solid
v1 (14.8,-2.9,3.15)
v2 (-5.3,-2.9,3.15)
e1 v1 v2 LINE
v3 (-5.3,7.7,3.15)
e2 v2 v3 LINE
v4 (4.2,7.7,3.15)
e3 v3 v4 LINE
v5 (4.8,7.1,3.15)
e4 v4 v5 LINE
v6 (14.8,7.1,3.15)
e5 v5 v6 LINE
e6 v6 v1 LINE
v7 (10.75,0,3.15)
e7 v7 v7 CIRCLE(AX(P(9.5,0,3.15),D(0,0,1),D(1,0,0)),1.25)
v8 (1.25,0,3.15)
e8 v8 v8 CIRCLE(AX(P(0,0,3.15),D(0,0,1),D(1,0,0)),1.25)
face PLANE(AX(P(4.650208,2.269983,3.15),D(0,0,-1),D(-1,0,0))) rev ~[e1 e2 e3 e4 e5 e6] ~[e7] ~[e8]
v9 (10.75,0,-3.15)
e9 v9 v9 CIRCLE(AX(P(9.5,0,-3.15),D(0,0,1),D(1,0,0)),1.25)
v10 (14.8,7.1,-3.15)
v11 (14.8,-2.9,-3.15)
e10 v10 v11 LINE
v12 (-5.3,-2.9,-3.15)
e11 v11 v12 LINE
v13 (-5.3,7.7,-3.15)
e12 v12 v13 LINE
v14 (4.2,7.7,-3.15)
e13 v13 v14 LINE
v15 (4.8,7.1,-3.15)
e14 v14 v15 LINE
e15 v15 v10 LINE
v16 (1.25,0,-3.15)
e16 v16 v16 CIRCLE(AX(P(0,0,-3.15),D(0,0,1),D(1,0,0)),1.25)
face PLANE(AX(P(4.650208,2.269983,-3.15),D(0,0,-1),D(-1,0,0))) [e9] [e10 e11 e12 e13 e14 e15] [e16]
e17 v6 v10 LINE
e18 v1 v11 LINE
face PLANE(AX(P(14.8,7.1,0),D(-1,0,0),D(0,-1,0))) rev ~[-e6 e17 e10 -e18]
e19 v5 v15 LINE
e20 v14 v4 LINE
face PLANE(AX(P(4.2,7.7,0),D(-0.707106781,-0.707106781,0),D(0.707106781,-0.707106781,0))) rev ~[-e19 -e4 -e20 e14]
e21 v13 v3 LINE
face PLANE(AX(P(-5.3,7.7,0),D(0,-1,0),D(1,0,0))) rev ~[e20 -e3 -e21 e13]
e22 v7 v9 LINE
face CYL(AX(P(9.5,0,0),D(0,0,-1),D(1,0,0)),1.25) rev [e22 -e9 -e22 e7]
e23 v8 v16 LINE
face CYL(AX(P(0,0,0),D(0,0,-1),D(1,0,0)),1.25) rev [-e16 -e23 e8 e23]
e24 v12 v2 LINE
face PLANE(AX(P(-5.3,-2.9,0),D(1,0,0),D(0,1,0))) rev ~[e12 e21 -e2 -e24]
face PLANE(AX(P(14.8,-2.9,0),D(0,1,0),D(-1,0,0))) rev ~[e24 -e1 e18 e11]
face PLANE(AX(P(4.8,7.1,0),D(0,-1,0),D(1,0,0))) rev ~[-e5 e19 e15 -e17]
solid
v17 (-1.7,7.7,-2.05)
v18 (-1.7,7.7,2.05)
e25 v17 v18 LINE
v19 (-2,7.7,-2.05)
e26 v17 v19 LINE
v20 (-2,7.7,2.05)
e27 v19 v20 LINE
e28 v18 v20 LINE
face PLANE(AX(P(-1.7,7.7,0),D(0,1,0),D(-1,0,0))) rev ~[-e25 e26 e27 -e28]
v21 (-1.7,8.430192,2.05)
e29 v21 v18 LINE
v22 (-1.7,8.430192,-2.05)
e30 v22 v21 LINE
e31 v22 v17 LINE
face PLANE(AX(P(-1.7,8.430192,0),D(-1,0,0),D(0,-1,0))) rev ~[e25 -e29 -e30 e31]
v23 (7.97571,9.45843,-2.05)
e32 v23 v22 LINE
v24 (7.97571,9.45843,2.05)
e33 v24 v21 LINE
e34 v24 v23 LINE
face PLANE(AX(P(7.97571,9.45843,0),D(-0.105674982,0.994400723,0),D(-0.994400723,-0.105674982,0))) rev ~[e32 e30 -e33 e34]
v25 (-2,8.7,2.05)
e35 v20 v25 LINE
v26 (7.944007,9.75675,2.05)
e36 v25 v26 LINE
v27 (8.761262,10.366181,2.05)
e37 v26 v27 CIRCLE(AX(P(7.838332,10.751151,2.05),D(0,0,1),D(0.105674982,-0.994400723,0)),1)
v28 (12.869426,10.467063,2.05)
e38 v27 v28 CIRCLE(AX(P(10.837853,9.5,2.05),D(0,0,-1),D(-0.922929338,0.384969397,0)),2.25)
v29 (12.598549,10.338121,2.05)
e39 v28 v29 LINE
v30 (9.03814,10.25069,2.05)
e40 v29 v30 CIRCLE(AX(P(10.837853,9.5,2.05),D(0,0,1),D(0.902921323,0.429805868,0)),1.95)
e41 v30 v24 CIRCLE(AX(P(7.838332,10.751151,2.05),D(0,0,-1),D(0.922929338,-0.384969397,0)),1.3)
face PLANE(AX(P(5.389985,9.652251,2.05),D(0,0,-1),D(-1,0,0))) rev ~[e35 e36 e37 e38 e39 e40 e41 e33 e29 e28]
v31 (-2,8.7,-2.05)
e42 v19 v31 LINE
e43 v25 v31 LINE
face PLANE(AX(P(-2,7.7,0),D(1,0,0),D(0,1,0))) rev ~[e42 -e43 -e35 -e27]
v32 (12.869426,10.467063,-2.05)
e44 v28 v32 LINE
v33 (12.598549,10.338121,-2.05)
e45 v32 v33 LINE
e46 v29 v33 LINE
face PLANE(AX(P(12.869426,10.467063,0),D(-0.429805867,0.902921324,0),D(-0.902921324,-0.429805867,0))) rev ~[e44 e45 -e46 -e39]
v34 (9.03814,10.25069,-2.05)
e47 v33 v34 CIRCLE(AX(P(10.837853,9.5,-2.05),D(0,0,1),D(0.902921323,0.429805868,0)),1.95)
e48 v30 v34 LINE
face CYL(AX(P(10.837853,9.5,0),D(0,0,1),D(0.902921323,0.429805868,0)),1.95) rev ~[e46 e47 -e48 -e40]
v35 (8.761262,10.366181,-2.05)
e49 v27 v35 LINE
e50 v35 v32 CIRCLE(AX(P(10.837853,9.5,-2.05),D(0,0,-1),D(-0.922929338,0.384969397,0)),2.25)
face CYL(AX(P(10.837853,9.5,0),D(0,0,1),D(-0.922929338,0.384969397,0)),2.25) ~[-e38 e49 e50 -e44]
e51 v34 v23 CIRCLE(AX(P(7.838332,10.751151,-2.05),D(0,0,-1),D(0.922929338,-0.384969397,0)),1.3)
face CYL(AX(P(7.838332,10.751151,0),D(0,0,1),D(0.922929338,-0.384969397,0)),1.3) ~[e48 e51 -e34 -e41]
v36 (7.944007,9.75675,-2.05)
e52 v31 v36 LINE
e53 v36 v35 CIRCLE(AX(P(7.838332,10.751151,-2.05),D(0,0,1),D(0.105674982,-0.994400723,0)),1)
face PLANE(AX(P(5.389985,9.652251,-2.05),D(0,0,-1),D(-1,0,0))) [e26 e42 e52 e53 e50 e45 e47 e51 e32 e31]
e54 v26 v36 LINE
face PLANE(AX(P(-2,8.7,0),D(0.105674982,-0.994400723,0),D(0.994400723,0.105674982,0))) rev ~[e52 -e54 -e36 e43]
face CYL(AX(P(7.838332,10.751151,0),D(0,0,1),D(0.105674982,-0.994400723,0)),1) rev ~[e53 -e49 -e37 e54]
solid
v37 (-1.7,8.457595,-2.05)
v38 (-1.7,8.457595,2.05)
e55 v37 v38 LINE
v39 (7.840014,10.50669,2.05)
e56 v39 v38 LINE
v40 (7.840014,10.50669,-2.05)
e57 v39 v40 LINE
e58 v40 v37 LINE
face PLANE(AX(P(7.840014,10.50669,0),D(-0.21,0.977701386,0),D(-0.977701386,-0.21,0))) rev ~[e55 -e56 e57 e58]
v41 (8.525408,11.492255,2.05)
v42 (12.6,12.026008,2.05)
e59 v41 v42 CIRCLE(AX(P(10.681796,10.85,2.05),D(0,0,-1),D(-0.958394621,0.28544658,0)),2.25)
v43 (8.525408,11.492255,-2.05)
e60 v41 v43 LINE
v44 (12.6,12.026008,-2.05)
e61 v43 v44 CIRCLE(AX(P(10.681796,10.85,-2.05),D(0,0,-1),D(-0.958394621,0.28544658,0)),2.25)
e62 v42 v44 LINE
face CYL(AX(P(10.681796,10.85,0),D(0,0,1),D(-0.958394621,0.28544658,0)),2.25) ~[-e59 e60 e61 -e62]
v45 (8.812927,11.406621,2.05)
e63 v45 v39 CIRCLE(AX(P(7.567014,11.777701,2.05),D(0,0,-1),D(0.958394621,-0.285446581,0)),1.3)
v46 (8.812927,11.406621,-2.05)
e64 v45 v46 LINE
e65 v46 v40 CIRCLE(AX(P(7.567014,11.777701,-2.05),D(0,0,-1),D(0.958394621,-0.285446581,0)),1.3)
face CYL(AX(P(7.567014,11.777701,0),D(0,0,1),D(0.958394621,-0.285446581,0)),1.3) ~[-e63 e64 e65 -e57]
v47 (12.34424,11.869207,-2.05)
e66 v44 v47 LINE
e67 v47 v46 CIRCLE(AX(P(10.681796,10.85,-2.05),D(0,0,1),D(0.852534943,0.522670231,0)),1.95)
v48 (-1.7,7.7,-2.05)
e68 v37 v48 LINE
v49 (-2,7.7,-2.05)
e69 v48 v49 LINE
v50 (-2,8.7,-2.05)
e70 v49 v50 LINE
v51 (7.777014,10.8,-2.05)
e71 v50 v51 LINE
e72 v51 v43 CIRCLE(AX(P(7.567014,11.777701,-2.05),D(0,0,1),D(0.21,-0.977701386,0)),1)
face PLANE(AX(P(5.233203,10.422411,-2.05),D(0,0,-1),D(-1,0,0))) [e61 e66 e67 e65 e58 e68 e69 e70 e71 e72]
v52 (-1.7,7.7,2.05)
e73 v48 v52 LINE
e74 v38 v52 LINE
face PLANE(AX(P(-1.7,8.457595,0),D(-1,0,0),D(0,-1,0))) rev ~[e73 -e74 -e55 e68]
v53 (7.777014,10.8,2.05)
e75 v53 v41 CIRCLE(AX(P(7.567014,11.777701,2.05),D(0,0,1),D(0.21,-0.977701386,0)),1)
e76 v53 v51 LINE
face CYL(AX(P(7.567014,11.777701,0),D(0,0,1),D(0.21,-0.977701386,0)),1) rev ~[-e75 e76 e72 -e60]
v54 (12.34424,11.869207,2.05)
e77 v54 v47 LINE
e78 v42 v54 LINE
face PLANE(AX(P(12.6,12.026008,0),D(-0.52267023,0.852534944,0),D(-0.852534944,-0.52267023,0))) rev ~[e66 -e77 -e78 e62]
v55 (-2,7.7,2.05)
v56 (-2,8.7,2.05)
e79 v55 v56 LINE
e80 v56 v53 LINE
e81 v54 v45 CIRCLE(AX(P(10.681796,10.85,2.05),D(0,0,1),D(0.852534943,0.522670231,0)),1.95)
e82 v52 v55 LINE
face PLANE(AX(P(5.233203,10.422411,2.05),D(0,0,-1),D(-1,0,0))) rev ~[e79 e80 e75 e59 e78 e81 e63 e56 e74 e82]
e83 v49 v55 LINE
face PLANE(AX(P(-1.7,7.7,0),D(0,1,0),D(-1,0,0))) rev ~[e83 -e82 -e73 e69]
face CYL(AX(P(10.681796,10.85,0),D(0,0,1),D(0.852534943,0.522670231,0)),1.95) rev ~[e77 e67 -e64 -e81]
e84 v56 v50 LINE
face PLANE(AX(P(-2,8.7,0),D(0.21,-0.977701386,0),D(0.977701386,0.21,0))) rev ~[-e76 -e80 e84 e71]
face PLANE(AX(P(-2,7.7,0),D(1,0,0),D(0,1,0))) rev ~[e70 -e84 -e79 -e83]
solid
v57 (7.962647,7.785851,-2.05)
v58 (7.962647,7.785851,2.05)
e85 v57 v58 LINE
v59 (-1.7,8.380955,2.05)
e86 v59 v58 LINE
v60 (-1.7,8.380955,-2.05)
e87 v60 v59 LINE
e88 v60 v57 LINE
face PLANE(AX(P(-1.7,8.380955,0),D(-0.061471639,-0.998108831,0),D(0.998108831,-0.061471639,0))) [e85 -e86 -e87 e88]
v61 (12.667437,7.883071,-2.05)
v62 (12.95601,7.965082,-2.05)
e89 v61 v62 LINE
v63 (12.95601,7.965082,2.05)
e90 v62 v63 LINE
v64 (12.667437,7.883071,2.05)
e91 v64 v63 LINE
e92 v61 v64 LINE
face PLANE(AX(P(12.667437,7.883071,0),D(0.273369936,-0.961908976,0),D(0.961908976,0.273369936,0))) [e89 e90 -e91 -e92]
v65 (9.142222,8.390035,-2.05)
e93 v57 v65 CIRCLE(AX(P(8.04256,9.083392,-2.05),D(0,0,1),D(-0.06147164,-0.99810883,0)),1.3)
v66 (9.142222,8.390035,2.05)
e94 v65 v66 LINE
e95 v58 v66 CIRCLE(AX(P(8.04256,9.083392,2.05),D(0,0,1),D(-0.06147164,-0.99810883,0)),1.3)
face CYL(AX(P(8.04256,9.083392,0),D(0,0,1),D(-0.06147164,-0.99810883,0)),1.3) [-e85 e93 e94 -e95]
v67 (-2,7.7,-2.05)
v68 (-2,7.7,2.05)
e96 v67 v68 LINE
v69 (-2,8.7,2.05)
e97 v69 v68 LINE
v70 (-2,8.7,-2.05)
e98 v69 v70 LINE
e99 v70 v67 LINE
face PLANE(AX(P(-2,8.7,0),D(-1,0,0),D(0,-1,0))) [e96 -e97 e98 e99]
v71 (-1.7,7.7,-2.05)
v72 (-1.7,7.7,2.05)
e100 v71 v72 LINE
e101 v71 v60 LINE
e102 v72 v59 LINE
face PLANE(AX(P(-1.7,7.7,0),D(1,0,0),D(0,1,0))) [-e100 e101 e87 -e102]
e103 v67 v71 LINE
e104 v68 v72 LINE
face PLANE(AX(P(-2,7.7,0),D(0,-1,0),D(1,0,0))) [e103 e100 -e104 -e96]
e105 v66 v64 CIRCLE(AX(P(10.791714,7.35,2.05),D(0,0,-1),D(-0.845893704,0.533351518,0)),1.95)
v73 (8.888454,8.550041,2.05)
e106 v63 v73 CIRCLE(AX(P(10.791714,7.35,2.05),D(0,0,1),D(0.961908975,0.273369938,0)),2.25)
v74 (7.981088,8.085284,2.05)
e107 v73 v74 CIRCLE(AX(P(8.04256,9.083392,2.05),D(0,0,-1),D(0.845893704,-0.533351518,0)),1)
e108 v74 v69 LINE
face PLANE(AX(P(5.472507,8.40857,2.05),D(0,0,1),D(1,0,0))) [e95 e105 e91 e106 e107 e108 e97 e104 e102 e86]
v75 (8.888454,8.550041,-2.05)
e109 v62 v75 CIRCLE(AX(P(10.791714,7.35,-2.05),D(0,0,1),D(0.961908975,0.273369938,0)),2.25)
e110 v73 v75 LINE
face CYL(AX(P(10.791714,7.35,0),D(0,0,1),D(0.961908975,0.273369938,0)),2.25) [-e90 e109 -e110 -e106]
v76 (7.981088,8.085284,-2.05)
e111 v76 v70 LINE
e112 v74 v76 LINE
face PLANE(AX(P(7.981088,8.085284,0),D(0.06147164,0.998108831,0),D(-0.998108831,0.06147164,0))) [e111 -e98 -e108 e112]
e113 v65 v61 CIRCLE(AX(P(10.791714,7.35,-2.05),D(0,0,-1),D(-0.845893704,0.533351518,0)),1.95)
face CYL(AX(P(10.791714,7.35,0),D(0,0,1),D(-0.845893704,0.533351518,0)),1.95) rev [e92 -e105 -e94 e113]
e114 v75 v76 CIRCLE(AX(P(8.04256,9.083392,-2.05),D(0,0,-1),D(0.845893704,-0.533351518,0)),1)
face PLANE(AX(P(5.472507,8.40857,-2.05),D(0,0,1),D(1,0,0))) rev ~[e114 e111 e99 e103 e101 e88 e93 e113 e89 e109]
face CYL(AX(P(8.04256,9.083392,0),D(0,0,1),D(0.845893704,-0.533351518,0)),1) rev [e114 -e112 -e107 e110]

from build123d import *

# Parameters (mm, degrees)
SKETCH1_R           = 1.25
BOSS_EXTRUDE1_DEPTH = 3.15
BOSS_EXTRUDE2_DEPTH = 2.05
BOSS_EXTRUDE3_DEPTH = 2.05
BOSS_EXTRUDE4_DEPTH = 2.05


with BuildPart() as part:
    # Sketch1 → Boss-Extrude1 (new body, symmetric)
    with BuildSketch(Plane.XY):
        Polygon((4.2, 7.7), (4.8, 7.1), (14.8, 7.1), (14.8, -2.9), (-5.3, -2.9), (-5.3, 7.7), align=None)
        Circle(SKETCH1_R, mode=Mode.SUBTRACT)
        with Locations((9.5, 0)):
            Circle(SKETCH1_R, mode=Mode.SUBTRACT)
    extrude(amount=BOSS_EXTRUDE1_DEPTH, both=True)


with BuildPart() as body_2:
    # Sketch2 → Boss-Extrude2 (new body, symmetric)
    with BuildSketch(Plane.XY):
        with BuildLine():
            Line((-2, 7.7), (-2, 8.7))
            Line((-2, 8.7), (7.777013859, 10.8))
            ThreePointArc((7.777013859, 10.8), (8.246050439, 11.04359695), (8.52540848, 11.492254806))
            ThreePointArc((8.52540848, 11.492254806), (10.389553224, 13.080940147), (12.6, 12.02600802))
            Line((12.6, 12.02600802), (12.344239517, 11.869206951))
            ThreePointArc((12.344239517, 11.869206951), (10.428518978, 12.783481461), (8.812926867, 11.406620832))
            ThreePointArc((8.812926867, 11.406620832), (8.449761413, 10.823365619), (7.840013859, 10.506689584))
            Line((7.840013859, 10.506689584), (-1.7, 8.457594698))
            Line((-1.7, 8.457594698), (-1.7, 7.7))
            Line((-1.7, 7.7), (-2, 7.7))
        make_face()
    extrude(amount=BOSS_EXTRUDE2_DEPTH, both=True)


with BuildPart() as body_3:
    # Sketch3 → Boss-Extrude3 (new body, symmetric)
    with BuildSketch(Plane.XY):
        with BuildLine():
            Line((-2, 7.7), (-2, 8.7))
            Line((-2, 8.7), (7.944007232, 9.756749817))
            ThreePointArc((7.944007232, 9.756749817), (8.436126819, 9.949501207), (8.761261588, 10.366181143))
            ThreePointArc((8.761261588, 10.366181143), (10.782617164, 11.749321908), (12.869425577, 10.467063202))
            Line((12.869425577, 10.467063202), (12.59854918, 10.338121442))
            ThreePointArc((12.59854918, 10.338121442), (10.789981889, 11.44941232), (9.03814039, 10.250690324))
            ThreePointArc((9.03814039, 10.250690324), (8.61546519, 9.709006407), (7.975709726, 9.4584296))
            Line((7.975709726, 9.4584296), (-1.7, 8.430191763))
            Line((-1.7, 8.430191763), (-1.7, 7.7))
            Line((-1.7, 7.7), (-2, 7.7))
        make_face()
    extrude(amount=BOSS_EXTRUDE3_DEPTH, both=True)


with BuildPart() as body_4:
    # Sketch4 → Boss-Extrude4 (new body, symmetric)
    with BuildSketch(Plane.XY):
        with BuildLine():
            Line((-2, 8.7), (-2, 7.7))
            Line((-2, 7.7), (-1.7, 7.7))
            Line((-1.7, 7.7), (-1.7, 8.38095514))
            Line((-1.7, 8.38095514), (7.962646813, 7.785850956))
            ThreePointArc((7.962646813, 7.785850956), (8.635207878, 7.926340826), (9.142221759, 8.390035461))
            ThreePointArc((9.142221759, 8.390035461), (11.069289918, 9.280142968), (12.667436983, 7.88307138))
            Line((12.667436983, 7.88307138), (12.956009676, 7.965082361))
            ThreePointArc((12.956009676, 7.965082361), (11.111993832, 9.57708804), (8.888453648, 8.550040917))
            ThreePointArc((8.888453648, 8.550040917), (8.498442971, 8.193352736), (7.981088305, 8.085283605))
            Line((7.981088305, 8.085283605), (-2, 8.7))
        make_face()
    extrude(amount=BOSS_EXTRUDE4_DEPTH, both=True)


solid = Compound([part.part, body_2.part, body_3.part, body_4.part])
